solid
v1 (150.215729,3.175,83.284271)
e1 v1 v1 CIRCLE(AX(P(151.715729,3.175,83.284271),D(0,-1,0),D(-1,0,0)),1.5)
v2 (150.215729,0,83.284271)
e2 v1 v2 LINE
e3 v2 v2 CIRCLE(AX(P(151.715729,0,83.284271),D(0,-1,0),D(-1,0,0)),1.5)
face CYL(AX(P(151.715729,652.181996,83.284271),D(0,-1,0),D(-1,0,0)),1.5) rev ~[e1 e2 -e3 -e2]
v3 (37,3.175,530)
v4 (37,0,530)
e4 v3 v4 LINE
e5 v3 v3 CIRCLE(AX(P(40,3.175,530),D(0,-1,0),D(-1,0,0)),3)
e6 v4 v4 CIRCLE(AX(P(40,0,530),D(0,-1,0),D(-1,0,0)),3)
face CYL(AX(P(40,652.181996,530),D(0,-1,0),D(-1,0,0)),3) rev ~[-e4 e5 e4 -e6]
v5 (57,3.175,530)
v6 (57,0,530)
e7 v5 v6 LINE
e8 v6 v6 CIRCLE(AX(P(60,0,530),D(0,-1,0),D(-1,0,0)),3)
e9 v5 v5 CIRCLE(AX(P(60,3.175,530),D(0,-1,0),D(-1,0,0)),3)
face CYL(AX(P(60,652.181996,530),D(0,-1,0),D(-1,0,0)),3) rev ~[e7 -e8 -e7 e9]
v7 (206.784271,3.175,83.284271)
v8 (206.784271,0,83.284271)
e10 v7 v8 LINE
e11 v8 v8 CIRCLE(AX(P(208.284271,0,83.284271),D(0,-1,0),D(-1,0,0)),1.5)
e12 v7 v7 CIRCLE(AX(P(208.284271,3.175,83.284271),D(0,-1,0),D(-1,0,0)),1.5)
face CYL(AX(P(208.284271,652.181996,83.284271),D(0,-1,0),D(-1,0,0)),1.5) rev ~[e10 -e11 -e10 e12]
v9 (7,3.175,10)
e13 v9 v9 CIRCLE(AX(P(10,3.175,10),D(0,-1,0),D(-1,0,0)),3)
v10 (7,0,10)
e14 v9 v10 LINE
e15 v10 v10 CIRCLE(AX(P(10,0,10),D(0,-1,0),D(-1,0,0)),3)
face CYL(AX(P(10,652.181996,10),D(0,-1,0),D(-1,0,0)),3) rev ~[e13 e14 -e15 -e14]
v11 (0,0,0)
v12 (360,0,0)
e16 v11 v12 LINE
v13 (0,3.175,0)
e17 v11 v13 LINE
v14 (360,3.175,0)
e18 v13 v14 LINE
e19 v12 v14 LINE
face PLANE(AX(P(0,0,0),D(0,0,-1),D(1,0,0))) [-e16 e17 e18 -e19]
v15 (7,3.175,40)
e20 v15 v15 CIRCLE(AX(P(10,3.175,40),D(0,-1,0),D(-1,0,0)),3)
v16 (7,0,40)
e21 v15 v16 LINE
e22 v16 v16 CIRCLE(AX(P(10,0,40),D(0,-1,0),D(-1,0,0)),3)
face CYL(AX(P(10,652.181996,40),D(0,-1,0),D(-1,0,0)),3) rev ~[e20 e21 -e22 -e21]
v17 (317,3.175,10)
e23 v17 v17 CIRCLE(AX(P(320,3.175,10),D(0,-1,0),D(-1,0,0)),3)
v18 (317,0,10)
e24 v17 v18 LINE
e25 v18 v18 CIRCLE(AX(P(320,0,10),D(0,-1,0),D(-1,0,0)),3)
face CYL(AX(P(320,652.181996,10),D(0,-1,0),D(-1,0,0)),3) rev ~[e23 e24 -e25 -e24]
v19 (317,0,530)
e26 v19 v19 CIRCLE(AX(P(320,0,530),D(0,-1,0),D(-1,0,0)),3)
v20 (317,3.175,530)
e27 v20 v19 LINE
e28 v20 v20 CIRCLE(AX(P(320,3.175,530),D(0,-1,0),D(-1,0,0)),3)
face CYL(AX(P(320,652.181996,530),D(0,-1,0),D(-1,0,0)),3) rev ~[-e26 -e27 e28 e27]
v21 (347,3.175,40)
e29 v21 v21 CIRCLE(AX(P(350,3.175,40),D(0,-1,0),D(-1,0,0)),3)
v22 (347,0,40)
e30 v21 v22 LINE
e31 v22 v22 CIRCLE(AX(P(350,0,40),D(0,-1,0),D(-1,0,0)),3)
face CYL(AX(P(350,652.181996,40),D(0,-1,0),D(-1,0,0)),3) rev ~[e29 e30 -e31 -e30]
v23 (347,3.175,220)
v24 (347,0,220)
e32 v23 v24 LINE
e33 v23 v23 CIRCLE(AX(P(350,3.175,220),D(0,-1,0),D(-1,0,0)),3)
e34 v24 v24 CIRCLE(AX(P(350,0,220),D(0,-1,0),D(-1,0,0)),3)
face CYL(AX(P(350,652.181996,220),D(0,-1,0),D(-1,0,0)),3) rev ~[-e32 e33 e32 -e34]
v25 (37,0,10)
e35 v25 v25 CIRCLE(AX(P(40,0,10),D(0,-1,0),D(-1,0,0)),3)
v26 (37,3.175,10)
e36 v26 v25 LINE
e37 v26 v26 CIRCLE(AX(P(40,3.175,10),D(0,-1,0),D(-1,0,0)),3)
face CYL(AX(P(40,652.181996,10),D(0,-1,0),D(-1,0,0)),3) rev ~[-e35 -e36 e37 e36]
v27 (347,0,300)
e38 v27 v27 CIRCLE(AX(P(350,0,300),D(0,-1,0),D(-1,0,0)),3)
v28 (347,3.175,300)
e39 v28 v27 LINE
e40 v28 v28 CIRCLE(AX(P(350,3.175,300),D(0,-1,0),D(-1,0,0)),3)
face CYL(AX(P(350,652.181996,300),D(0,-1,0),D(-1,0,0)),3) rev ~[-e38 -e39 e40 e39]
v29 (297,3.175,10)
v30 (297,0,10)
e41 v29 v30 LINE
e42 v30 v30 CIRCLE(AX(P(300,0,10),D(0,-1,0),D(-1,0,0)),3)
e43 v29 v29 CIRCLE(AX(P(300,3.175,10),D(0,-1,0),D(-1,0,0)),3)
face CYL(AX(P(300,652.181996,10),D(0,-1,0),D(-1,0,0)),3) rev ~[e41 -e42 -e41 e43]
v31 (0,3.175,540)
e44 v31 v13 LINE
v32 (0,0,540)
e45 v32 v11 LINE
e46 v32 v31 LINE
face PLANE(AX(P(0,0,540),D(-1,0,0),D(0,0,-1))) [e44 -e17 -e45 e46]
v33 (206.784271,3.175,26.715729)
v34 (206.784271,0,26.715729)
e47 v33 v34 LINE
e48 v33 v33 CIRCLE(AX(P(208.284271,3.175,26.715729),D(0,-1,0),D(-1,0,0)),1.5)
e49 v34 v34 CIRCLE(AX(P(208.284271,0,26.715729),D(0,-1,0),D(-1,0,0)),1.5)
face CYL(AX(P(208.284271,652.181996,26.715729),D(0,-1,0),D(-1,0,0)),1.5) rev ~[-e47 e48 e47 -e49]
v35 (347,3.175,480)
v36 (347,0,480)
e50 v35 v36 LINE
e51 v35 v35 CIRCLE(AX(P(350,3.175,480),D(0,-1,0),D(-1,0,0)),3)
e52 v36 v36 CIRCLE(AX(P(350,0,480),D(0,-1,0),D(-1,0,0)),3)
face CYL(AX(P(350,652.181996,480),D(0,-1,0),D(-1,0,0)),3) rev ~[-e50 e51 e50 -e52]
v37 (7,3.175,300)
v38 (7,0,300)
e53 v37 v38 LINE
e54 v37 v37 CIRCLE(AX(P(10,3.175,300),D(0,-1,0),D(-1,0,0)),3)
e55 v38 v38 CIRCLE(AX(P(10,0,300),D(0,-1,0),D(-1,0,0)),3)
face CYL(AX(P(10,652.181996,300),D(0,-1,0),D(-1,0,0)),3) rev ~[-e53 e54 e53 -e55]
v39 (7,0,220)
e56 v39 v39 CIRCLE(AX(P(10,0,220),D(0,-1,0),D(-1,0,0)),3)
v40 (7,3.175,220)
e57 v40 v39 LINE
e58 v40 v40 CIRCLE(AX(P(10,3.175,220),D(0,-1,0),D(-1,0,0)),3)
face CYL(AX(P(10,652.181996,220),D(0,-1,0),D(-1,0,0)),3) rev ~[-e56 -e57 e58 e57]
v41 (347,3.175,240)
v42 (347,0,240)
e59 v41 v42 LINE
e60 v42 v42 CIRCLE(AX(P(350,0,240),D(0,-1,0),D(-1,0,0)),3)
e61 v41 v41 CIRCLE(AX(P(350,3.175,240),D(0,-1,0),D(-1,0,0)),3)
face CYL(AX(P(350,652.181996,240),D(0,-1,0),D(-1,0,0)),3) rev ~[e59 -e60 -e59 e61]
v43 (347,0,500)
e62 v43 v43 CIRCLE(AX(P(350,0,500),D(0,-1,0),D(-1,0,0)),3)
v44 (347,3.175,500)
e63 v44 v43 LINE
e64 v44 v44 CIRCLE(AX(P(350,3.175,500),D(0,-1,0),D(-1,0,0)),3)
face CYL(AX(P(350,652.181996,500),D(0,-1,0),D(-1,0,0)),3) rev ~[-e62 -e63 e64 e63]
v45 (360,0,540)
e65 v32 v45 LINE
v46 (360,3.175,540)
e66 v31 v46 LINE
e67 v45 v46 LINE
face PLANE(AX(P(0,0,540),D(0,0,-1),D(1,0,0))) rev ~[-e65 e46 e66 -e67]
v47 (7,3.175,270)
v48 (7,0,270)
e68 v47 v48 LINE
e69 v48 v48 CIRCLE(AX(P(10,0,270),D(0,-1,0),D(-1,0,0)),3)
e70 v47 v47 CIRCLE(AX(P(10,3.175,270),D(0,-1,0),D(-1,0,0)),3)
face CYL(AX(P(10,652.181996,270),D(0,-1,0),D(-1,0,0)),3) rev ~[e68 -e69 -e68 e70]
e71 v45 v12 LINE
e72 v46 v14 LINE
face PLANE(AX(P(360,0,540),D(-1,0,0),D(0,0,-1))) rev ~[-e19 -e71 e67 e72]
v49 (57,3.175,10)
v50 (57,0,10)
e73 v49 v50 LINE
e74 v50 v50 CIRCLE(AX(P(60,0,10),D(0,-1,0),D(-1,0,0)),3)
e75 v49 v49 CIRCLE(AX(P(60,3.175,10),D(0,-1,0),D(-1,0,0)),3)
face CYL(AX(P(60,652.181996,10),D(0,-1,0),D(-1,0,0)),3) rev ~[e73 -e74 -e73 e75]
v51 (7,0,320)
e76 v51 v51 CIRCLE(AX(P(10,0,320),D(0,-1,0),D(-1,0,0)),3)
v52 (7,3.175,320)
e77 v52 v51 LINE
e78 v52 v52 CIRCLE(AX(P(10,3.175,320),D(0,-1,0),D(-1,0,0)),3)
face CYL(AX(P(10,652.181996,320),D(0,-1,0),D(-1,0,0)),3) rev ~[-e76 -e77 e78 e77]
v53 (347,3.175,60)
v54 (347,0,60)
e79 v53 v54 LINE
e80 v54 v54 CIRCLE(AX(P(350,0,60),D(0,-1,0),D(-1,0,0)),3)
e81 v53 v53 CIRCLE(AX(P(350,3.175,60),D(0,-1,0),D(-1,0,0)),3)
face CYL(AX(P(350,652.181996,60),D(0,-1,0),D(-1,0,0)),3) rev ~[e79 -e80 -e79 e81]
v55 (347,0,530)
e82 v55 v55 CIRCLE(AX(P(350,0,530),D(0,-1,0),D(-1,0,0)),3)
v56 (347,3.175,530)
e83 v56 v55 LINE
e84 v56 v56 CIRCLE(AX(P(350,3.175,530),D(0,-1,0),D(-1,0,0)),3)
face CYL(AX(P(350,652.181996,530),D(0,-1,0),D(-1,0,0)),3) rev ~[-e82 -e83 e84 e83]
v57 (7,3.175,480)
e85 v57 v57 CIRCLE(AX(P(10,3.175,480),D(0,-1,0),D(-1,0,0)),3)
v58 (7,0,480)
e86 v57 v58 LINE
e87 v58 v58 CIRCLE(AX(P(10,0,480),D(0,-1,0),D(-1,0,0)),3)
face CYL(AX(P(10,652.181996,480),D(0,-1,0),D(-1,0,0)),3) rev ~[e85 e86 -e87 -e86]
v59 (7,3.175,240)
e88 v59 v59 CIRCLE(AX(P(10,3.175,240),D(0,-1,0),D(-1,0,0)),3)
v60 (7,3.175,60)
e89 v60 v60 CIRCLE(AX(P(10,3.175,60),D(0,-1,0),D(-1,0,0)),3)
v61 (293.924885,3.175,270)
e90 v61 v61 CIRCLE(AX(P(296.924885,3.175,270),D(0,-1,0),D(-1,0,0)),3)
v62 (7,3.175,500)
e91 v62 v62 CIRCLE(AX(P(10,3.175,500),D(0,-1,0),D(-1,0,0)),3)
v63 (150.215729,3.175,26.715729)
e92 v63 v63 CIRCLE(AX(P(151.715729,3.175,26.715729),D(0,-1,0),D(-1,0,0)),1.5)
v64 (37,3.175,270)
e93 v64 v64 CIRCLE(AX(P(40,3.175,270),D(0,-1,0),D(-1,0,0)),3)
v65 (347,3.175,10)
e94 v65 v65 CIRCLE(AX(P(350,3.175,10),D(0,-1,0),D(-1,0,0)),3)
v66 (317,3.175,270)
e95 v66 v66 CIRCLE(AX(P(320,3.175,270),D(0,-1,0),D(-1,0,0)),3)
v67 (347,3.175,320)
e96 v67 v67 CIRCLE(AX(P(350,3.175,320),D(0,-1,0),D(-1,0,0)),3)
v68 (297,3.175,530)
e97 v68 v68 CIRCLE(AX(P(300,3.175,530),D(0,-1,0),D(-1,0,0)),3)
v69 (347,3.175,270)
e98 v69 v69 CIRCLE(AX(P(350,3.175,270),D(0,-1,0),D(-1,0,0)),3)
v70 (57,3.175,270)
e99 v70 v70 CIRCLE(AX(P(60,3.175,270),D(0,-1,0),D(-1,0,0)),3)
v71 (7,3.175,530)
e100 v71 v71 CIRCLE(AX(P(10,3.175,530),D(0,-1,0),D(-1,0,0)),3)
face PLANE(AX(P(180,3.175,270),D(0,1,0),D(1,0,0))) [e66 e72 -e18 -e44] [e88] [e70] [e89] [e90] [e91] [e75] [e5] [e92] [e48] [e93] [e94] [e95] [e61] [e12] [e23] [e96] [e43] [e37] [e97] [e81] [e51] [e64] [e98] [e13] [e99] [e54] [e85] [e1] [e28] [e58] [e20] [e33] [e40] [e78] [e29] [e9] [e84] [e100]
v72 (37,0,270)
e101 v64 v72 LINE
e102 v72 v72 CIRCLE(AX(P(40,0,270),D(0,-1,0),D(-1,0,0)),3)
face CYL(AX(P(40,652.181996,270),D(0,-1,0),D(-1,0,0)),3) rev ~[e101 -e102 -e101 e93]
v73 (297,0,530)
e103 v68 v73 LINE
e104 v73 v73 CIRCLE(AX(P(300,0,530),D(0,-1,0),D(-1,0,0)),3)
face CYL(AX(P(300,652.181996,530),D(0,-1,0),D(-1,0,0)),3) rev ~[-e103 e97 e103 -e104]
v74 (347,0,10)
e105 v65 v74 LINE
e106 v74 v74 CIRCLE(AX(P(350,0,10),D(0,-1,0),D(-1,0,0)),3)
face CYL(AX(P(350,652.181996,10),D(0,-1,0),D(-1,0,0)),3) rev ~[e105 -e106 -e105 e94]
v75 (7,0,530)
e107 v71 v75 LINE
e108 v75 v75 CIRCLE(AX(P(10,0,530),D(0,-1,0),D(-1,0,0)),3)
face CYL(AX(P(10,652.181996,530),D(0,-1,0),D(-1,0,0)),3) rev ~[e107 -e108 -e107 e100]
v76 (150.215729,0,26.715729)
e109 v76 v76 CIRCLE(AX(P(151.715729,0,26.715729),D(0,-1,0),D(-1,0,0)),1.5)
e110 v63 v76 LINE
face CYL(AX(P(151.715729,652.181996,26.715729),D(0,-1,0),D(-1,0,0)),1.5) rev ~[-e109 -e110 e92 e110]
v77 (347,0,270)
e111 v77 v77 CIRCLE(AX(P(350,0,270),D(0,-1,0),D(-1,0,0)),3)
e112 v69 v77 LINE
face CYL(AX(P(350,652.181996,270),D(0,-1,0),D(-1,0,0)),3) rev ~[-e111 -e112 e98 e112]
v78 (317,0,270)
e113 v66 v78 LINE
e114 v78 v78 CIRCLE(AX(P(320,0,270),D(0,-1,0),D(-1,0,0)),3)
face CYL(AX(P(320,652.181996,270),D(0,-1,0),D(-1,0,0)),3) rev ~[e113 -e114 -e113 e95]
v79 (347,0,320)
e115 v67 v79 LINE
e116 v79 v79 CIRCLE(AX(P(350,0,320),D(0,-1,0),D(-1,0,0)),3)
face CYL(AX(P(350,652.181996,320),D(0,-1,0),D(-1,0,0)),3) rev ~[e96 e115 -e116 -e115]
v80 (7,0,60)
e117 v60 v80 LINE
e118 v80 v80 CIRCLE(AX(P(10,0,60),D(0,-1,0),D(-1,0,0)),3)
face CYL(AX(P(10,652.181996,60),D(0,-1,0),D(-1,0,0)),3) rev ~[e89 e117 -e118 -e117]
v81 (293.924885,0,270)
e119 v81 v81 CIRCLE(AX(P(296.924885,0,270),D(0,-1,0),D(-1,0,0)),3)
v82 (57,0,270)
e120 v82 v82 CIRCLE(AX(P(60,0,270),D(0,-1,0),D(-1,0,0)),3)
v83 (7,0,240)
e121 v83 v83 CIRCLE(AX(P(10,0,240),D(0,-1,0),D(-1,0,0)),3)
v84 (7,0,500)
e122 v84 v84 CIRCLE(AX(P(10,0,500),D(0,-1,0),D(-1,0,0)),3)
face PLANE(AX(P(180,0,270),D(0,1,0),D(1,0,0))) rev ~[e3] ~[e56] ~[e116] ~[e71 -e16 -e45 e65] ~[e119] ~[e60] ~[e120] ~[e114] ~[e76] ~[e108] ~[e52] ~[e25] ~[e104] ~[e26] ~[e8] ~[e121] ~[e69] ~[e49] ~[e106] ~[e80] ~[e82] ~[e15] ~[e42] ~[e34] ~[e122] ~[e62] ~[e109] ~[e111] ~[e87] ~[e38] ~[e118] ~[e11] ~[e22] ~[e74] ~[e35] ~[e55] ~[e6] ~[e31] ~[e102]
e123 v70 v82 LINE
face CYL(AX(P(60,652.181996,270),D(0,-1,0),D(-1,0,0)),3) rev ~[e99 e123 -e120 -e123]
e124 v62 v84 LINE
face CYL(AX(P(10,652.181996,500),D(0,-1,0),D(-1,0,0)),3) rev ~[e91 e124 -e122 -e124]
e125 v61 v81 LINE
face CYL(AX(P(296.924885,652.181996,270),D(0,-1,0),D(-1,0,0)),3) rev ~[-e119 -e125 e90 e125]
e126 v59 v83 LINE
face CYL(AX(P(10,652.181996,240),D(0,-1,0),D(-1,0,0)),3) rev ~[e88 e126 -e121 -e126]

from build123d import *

# Parameters (mm, degrees)
SKETCH1_W             = 360
SKETCH1_H             = 540
BOSS_EXTRUDE1_DEPTH   = 3.175
F_3_0MM_DOWEL_HOLE1_D = 3
F_6_0MM_DOWEL_HOLE1_D = 6


with BuildPart() as part:
    # Sketch1 → Boss-Extrude1 (new body)
    with BuildSketch(Plane(origin=(0, 0, 0), x_dir=(1, 0, 0), z_dir=(0, 1, 0))):
        with Locations((180, -270)):
            Rectangle(SKETCH1_W, SKETCH1_H)
    extrude(amount=BOSS_EXTRUDE1_DEPTH)

    # Ø3.0mm Dowel Hole1 (through all)
    with Locations(Plane(origin=(0, 3.175, 0), x_dir=(1, 0, 0), z_dir=(0, 1, 0))):
        with Locations((151.715728753, -26.715728753), (208.284271247, -26.715728753), (208.284271247, -83.284271247), (151.715728753, -83.284271247)):
            Hole(F_3_0MM_DOWEL_HOLE1_D / 2)

    # Ø6.0mm Dowel Hole1 (through all)
    with Locations(Plane(origin=(0, 3.175, 0), x_dir=(1, 0, 0), z_dir=(0, 1, 0))):
        with Locations((10, -500), (40, -270), (10, -270), (10, -220), (40, -530), (10, -530), (320, -530), (350, -530), (350, -500), (10, -300), (350, -270), (10, -240), (320, -270), (350, -40), (350, -10), (320, -10), (40, -10), (10, -10), (10, -40), (60, -270), (10, -320), (10, -60), (60, -10), (300, -10), (350, -60), (350, -220), (350, -240), (296.924884631, -270), (350, -300), (350, -320), (350, -480), (300, -530), (10, -480), (60, -530)):
            Hole(F_6_0MM_DOWEL_HOLE1_D / 2)


solid = part.part
